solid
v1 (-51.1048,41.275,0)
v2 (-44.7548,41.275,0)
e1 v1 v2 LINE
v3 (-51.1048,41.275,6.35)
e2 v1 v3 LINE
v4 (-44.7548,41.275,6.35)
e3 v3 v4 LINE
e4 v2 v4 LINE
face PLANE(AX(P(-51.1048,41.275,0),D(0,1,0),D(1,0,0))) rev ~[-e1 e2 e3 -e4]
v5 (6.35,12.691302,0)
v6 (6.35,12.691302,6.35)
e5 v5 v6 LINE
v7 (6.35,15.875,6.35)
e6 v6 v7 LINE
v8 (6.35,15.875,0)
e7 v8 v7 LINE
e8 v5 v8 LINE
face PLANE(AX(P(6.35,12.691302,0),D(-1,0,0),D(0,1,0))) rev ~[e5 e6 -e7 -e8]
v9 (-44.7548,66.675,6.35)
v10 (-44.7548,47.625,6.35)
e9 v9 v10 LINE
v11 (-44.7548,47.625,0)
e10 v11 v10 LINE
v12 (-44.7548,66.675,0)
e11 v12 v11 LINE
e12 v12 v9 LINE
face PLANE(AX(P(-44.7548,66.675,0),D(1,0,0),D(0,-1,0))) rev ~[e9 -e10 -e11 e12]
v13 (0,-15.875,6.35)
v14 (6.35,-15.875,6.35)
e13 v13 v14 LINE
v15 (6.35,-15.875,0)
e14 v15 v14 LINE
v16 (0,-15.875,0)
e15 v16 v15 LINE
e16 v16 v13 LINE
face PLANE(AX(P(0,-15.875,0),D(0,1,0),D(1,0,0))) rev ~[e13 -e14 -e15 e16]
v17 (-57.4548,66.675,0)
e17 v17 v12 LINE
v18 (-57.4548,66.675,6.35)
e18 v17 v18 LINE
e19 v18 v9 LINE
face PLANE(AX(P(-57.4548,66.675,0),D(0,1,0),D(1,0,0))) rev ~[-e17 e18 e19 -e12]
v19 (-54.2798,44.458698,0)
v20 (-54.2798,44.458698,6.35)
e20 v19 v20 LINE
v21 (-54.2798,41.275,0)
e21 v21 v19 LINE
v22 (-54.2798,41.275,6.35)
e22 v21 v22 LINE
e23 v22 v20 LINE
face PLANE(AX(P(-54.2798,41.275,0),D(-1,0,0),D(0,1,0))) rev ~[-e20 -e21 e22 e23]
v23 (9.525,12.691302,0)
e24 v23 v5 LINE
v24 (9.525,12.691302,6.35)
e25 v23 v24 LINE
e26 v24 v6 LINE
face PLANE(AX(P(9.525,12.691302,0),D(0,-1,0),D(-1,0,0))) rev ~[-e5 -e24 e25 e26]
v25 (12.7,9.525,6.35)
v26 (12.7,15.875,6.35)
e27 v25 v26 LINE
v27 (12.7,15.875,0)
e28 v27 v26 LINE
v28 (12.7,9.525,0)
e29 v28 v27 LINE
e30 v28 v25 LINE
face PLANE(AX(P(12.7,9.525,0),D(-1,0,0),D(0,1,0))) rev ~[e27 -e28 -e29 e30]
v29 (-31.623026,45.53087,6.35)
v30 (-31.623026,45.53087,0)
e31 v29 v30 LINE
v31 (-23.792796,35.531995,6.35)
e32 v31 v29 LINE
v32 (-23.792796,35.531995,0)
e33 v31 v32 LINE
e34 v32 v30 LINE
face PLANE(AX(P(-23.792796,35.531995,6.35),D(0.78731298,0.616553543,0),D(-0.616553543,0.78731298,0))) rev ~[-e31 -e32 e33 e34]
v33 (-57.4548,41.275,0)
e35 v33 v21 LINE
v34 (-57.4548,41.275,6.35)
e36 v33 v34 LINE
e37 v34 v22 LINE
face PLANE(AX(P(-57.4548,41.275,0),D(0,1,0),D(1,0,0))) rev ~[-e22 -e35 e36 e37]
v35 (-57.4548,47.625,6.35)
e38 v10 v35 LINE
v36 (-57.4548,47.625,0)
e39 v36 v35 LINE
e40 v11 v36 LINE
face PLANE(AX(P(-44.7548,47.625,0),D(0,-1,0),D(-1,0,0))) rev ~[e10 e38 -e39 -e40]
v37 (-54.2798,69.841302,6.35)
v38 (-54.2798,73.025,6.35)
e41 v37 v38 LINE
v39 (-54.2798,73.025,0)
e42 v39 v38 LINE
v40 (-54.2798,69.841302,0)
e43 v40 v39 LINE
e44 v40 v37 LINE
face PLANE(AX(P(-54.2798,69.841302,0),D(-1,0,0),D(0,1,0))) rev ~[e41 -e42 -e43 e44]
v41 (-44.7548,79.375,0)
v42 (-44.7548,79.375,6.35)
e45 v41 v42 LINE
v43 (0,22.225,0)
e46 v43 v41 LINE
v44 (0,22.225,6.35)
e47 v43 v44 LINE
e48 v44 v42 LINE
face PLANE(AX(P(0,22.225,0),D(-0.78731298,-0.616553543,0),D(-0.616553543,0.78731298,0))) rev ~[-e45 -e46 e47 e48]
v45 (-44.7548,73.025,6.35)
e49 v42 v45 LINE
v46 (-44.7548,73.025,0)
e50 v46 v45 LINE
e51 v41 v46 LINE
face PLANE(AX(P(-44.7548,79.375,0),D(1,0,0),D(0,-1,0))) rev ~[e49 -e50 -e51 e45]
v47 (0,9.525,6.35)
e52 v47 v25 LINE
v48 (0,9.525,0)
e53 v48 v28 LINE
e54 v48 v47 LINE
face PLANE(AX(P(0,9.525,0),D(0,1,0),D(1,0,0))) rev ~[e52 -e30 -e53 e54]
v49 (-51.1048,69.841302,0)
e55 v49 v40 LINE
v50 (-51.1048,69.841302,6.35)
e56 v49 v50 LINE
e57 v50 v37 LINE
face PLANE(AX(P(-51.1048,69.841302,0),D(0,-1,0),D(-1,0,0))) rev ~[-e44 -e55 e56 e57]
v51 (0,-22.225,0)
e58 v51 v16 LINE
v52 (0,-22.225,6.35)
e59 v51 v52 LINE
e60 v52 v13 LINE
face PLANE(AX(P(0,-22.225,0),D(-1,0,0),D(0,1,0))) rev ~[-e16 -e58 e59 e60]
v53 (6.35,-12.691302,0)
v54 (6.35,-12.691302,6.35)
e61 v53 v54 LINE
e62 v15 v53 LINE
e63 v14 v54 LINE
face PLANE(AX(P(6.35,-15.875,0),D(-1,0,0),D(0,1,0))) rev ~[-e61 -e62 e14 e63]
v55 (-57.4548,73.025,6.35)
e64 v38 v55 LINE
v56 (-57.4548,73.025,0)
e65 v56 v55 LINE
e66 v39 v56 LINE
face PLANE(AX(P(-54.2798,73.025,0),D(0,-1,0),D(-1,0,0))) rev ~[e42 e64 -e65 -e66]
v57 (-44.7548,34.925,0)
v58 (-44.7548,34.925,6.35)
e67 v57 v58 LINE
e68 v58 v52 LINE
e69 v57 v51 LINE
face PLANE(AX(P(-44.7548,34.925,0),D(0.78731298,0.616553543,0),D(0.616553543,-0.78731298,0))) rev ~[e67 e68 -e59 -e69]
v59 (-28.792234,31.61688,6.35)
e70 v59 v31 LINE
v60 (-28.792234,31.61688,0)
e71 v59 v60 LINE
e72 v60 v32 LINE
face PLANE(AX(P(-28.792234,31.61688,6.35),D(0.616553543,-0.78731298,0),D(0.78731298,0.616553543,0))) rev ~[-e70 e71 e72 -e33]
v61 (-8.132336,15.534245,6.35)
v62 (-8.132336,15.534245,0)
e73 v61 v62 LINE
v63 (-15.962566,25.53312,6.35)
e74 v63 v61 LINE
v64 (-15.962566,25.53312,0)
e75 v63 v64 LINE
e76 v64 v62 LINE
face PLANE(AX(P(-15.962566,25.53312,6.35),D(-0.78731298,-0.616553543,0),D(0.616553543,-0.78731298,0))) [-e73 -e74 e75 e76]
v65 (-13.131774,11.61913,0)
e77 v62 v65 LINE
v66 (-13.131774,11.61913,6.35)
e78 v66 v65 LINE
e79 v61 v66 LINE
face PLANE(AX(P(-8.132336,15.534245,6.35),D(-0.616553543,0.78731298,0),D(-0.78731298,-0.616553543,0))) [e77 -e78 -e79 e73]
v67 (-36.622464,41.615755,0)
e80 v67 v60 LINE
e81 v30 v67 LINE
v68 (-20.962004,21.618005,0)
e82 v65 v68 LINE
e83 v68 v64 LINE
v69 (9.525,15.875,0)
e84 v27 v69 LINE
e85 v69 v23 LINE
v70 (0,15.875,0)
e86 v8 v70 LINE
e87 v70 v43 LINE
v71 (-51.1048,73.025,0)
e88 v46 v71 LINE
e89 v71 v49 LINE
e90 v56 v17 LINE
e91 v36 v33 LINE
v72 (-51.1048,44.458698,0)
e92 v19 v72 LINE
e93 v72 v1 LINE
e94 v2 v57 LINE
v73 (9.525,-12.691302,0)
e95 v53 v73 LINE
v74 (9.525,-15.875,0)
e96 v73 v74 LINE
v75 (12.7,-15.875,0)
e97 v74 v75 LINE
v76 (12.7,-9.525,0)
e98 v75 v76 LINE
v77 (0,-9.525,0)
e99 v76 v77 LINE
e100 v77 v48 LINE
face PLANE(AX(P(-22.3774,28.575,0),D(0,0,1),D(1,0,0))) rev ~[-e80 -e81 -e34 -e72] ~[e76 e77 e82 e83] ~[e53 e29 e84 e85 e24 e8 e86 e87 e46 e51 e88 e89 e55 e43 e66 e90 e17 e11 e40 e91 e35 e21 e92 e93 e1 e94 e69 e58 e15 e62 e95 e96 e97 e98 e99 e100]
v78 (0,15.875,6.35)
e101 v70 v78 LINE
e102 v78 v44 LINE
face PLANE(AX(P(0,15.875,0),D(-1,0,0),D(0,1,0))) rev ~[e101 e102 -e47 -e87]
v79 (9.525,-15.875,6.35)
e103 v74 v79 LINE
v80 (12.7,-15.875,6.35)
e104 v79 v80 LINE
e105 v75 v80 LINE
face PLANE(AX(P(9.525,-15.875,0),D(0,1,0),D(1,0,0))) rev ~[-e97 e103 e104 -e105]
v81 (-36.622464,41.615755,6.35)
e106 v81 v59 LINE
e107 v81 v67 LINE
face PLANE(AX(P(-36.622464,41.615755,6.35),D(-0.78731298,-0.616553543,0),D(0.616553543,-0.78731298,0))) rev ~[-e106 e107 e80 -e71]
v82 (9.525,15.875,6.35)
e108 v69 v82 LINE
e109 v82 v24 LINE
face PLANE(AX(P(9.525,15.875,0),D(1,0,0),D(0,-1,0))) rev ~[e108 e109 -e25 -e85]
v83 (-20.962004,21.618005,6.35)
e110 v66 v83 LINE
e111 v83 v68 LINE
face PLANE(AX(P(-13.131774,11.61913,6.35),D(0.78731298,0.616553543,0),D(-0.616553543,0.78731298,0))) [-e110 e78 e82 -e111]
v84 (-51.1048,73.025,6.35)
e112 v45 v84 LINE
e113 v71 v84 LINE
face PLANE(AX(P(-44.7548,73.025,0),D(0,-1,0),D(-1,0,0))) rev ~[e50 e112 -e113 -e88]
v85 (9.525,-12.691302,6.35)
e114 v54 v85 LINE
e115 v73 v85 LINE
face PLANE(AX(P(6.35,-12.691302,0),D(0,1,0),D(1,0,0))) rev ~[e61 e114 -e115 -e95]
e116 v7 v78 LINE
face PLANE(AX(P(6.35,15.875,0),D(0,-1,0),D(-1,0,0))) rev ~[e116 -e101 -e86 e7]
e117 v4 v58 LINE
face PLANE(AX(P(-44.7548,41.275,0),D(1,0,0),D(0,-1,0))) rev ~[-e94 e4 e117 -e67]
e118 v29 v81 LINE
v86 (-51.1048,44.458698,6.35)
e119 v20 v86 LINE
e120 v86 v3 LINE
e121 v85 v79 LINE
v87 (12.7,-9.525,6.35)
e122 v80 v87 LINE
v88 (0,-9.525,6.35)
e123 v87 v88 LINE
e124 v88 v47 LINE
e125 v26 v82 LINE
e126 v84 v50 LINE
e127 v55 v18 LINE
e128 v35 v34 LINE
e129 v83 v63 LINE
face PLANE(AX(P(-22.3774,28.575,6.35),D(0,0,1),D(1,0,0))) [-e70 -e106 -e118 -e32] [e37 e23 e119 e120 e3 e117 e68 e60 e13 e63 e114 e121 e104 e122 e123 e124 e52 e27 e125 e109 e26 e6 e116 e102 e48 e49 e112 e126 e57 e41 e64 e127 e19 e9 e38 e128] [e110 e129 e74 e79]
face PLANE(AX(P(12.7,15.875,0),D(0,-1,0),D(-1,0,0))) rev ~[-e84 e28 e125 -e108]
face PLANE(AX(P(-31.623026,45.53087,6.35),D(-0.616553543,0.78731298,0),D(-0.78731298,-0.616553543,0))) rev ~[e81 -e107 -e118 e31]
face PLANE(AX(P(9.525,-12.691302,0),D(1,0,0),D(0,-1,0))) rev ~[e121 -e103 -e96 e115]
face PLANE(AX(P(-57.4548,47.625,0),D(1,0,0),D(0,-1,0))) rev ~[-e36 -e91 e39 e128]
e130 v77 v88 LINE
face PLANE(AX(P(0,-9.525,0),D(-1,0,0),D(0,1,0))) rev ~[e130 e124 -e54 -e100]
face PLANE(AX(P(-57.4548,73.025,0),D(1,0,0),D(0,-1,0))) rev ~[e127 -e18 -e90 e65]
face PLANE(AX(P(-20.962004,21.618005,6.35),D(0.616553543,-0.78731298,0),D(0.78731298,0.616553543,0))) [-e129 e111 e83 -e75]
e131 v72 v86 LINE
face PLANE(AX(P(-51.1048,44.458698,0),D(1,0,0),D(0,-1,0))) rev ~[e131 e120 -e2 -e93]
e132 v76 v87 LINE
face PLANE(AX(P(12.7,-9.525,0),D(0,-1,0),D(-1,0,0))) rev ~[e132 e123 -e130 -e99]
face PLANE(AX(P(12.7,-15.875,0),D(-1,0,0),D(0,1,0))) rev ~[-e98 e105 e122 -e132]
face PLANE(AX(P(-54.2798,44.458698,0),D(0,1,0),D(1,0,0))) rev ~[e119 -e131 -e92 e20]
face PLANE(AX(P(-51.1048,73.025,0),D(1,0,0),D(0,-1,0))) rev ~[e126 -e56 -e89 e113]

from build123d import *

# Parameters (mm, degrees)
PROFILE_DEPTH      = 6.35
CUT_EXTRUDE1_DEPTH = 99.192500569


with BuildPart() as part:
    # Sketch1 → Profile (new body)
    with BuildSketch(Plane.XY):
        Polygon((-44.7548, 79.375), (-44.7548, 73.025), (-51.1048, 73.025), (-51.1048, 69.841302271), (-54.2798, 69.841302271), (-54.2798, 73.025), (-57.4548, 73.025), (-57.4548, 66.675), (-44.7548, 66.675), (-44.7548, 47.625), (-57.4548, 47.625), (-57.4548, 41.275), (-54.2798, 41.275), (-54.2798, 44.458697729), (-51.1048, 44.458697729), (-51.1048, 41.275), (-44.7548, 41.275), (-44.7548, 34.925), (0, -22.225), (0, -15.875), (6.35, -15.875), (6.35, -12.691302271), (9.525, -12.691302271), (9.525, -15.875), (12.7, -15.875), (12.7, -9.525), (0, -9.525), (0, 9.525), (12.7, 9.525), (12.7, 15.875), (9.525, 15.875), (9.525, 12.691302271), (6.35, 12.691302271), (6.35, 15.875), (0, 15.875), (0, 22.225), align=None)
    extrude(amount=PROFILE_DEPTH)

    # Sketch2 → Cut-Extrude1 (cut, through all)
    with BuildSketch(Plane.XY.offset(6.35)):
        Polygon((-31.623026277, 45.530869772), (-36.622463702, 41.615754776), (-28.792233709, 31.616879926), (-23.792796284, 35.531994923), align=None)
        Polygon((-15.962566291, 25.533120074), (-8.132336298, 15.534245224), (-13.131773723, 11.619130228), (-20.962003716, 21.618005077), align=None)
    extrude(amount=-CUT_EXTRUDE1_DEPTH, mode=Mode.SUBTRACT)


solid = part.part
